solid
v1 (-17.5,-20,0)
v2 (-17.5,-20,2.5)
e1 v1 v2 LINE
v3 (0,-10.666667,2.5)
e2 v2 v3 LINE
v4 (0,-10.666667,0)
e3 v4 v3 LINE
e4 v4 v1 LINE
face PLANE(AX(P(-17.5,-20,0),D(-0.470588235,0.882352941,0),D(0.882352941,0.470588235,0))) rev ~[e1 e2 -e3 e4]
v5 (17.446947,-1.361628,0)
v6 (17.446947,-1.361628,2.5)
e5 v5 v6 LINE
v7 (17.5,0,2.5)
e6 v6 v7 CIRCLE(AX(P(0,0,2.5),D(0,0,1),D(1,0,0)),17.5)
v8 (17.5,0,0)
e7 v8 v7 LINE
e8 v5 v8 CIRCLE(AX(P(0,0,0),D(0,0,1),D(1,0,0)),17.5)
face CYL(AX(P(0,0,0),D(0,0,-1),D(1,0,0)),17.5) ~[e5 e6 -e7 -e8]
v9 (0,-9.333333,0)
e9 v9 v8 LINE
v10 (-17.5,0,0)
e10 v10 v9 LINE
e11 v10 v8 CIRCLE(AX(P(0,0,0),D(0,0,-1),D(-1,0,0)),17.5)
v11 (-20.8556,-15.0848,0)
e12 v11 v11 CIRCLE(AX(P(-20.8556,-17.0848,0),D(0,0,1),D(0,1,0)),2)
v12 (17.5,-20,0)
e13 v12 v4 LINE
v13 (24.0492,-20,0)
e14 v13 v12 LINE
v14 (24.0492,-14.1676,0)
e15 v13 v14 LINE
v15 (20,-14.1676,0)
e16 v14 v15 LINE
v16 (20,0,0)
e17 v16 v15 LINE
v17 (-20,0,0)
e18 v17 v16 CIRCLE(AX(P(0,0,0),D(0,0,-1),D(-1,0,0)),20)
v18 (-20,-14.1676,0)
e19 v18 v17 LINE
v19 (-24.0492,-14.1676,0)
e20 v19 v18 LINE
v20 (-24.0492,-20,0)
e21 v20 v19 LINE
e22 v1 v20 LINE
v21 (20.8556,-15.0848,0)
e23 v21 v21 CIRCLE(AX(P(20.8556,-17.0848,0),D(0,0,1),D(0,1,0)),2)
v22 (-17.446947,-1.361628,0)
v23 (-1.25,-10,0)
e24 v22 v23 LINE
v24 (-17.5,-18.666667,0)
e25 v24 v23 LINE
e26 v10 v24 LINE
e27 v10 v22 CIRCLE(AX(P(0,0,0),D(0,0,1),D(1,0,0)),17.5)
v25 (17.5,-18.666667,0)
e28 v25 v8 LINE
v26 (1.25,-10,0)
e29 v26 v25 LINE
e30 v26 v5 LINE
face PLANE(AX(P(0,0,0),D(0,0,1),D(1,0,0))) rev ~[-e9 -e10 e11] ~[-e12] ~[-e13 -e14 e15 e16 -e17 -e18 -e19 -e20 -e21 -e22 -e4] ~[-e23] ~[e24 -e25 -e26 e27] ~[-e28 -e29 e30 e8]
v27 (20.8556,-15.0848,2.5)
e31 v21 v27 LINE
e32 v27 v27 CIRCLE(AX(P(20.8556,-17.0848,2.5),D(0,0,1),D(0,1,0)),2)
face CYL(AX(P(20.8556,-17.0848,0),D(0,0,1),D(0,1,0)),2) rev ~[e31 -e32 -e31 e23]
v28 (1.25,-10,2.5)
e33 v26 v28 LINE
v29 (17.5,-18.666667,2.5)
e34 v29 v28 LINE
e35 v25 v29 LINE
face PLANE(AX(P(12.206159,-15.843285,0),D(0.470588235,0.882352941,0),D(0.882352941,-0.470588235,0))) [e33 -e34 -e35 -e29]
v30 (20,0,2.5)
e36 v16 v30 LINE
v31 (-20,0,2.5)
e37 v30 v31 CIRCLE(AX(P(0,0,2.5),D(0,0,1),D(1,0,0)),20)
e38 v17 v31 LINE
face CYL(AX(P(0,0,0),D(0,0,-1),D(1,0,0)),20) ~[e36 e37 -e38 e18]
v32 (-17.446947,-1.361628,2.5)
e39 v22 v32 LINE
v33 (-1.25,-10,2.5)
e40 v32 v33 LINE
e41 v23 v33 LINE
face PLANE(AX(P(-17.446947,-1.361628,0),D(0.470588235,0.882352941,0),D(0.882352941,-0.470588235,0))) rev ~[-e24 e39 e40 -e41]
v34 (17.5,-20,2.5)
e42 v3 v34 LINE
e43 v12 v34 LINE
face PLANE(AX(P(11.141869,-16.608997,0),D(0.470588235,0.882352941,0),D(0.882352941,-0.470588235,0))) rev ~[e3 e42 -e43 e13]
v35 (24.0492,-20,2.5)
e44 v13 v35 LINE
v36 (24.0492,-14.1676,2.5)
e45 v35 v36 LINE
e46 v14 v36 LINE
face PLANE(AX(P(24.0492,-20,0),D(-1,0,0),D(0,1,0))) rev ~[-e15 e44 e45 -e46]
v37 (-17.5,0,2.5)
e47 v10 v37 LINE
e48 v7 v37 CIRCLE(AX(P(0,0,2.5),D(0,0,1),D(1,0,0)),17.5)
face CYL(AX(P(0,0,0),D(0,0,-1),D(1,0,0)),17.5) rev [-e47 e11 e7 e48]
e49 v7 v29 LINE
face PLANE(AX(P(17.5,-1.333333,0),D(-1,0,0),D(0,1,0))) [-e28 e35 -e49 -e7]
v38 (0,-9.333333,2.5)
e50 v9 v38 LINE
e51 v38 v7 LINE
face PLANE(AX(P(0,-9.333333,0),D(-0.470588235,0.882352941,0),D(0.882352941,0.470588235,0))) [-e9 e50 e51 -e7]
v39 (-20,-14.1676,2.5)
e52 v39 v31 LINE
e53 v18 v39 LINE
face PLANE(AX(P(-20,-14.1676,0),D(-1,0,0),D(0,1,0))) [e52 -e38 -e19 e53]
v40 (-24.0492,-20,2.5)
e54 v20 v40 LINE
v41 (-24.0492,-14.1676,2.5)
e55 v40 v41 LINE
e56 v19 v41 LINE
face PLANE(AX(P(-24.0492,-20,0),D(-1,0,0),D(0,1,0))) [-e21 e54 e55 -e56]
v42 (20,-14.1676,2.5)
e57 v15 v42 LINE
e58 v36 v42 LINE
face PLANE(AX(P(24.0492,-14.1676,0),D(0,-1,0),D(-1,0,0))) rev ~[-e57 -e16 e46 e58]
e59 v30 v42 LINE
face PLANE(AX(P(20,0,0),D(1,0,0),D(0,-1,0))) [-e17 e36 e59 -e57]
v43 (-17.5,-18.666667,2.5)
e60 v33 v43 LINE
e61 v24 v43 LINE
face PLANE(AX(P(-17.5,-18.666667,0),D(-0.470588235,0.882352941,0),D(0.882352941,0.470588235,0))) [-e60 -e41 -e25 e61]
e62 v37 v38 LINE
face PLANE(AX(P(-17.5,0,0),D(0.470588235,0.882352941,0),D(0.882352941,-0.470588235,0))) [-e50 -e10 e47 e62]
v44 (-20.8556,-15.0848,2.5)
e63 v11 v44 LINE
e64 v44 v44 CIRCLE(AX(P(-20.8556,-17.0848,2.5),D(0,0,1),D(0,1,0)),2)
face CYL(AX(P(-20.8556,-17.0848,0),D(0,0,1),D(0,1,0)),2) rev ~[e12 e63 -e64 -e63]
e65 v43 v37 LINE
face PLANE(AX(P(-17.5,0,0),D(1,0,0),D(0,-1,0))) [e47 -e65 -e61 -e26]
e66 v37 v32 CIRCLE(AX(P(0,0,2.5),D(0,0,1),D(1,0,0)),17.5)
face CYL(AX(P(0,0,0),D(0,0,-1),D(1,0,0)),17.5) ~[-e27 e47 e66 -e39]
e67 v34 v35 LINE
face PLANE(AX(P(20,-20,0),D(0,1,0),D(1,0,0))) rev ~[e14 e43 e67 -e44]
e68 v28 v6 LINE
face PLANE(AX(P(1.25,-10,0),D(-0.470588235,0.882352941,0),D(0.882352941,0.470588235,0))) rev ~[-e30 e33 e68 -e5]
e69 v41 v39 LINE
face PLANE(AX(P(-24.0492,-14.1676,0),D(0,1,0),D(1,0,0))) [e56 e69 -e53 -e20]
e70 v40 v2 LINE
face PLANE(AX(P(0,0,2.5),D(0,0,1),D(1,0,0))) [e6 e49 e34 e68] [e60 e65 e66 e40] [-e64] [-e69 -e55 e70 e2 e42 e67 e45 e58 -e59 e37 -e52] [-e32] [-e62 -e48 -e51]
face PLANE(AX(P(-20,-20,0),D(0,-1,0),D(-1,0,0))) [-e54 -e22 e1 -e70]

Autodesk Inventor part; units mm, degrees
ref_plane "YZ Plane" through (0, 0, 0) normal (1, 0, 0) x (0, 1, 0)
ref_plane "XZ Plane" through (0, 0, 0) normal (0, 1, 0) x (-1, 0, 0)
ref_plane "XY Plane" through (0, 0, 0) normal (0, 0, 1) x (1, 0, 0)
sketch "Szkic1" plane through (0, 0, 0) normal (0, 0, 1) x (1, 0, 0)
  circle A0 centre (0, 0) radius 20
  circle A1 centre (0, 0) radius 17.5
  line L0 (-20, 0) -> (-17.5, 0)
  line L1 (-17.5, 0) -> (-17.5, -20)
  line L2 (-17.5, -20) -> (-20, -20)
  line L3 (-20, -20) -> (-20, 0)
  line L4 (17.5, 0) -> (20, 0)
  line L5 (20, 0) -> (20, -20)
  line L6 (20, -20) -> (17.5, -20)
  line L7 (17.5, -20) -> (17.5, 0)
  line L8 (-20, 0) -> (17.5, -20)
  line L9 (-17.5, 0) -> (20, -20)
  line L10 (-20, -20) -> (17.5, 0)
  line L11 (-17.5, -20) -> (20, 0)
  line L12 (17.5, -20) -> (24.0492, -20)
  line L13 (24.0492, -20) -> (24.0492, -14.1676)
  line L14 (24.0492, -14.1676) -> (17.5, -14.1676)
  line L15 (17.5, -14.1676) -> (17.5, -20)
  line L16 (0, 24.8305) -> (0, -32.2355)
  line L17 (-17.5, -20) -> (-24.0492, -20)
  line L18 (-24.0492, -20) -> (-24.0492, -14.1676)
  line L19 (-24.0492, -14.1676) -> (-17.5, -14.1676)
  line L20 (-17.5, -14.1676) -> (-17.5, -20)
  circle A2 centre (20.7746, -17.0838) radius 2.2775
  circle A3 centre (-20.7746, -17.0838) radius 2.2775
  point P0 (17.5, -18.6667)
  point P1 (1.25, -10)
  point P2 (17.4469, -1.3616)
  point P3 (0, -9.3333)
  point P4 (-17.4469, -1.3616)
  point P5 (-1.25, -10)
  point P6 (-17.5, -18.6667)
  point P7 (0, -10.6667)
  point P8 (-20, -14.1676)
  point P9 (20, -14.1676)
  dimension "d1" = 35
  dimension "d0" = 40
  dimension "d2" = 20
  dimension "d3" = 2.5
  dimension "d4" = 2.5
  dimension "d5" = 20
extrude "Wyciągnięcie proste3" add sketch "Szkic1" along normal blind 2.5 contours L4 A1 L16 A0 | L5 L14 L7 A0 | L11 L7 L4 | A0 L7 L11 | L16 A1 L0 A0 | A1 L11 L9 L10 | L14 L13 L12 L5 A2 | L5 A2 L9 L7 L14 | L8 L1 A0 | A0 L1 L19 L3 | L0 L1 L8 | L9 L7 L8 A0 | A0 L8 A1 L9 | L10 L8 A1 L9 | L16 L8 L10 | L9 L11 L16 | A2 L5 | L5 A2 | L19 L1 L10 L3 A3 | L3 A3 L17 L18 L19 | A1 L8 L11 L9 | L9 L6 L7 | L8 L11 A1 L10 | L10 A1 L11 A0 | A0 L11 L1 L10 | A3 L3 | L3 A3 | L1 L2 L10
sketch "Szkic2" plane through (0, 0, 0) normal (0, 0, -1) x (-1, 0, 0)
  circle A0 centre (-20.8556, -17.0848) radius 2.22
  line L0 (0, 8.6255) -> (0, -29.7985)
  circle A1 centre (20.8556, -17.0848) radius 2.22
  point P0 (0, 0)
  dimension "d14" = 4.4401
hole "Otwór1" at (20.8556, -17.0848, 0) at (-20.8556, -17.0848, 0) direction (0, 0, 1) diameter 4 end through all
properties part number "łapka"
